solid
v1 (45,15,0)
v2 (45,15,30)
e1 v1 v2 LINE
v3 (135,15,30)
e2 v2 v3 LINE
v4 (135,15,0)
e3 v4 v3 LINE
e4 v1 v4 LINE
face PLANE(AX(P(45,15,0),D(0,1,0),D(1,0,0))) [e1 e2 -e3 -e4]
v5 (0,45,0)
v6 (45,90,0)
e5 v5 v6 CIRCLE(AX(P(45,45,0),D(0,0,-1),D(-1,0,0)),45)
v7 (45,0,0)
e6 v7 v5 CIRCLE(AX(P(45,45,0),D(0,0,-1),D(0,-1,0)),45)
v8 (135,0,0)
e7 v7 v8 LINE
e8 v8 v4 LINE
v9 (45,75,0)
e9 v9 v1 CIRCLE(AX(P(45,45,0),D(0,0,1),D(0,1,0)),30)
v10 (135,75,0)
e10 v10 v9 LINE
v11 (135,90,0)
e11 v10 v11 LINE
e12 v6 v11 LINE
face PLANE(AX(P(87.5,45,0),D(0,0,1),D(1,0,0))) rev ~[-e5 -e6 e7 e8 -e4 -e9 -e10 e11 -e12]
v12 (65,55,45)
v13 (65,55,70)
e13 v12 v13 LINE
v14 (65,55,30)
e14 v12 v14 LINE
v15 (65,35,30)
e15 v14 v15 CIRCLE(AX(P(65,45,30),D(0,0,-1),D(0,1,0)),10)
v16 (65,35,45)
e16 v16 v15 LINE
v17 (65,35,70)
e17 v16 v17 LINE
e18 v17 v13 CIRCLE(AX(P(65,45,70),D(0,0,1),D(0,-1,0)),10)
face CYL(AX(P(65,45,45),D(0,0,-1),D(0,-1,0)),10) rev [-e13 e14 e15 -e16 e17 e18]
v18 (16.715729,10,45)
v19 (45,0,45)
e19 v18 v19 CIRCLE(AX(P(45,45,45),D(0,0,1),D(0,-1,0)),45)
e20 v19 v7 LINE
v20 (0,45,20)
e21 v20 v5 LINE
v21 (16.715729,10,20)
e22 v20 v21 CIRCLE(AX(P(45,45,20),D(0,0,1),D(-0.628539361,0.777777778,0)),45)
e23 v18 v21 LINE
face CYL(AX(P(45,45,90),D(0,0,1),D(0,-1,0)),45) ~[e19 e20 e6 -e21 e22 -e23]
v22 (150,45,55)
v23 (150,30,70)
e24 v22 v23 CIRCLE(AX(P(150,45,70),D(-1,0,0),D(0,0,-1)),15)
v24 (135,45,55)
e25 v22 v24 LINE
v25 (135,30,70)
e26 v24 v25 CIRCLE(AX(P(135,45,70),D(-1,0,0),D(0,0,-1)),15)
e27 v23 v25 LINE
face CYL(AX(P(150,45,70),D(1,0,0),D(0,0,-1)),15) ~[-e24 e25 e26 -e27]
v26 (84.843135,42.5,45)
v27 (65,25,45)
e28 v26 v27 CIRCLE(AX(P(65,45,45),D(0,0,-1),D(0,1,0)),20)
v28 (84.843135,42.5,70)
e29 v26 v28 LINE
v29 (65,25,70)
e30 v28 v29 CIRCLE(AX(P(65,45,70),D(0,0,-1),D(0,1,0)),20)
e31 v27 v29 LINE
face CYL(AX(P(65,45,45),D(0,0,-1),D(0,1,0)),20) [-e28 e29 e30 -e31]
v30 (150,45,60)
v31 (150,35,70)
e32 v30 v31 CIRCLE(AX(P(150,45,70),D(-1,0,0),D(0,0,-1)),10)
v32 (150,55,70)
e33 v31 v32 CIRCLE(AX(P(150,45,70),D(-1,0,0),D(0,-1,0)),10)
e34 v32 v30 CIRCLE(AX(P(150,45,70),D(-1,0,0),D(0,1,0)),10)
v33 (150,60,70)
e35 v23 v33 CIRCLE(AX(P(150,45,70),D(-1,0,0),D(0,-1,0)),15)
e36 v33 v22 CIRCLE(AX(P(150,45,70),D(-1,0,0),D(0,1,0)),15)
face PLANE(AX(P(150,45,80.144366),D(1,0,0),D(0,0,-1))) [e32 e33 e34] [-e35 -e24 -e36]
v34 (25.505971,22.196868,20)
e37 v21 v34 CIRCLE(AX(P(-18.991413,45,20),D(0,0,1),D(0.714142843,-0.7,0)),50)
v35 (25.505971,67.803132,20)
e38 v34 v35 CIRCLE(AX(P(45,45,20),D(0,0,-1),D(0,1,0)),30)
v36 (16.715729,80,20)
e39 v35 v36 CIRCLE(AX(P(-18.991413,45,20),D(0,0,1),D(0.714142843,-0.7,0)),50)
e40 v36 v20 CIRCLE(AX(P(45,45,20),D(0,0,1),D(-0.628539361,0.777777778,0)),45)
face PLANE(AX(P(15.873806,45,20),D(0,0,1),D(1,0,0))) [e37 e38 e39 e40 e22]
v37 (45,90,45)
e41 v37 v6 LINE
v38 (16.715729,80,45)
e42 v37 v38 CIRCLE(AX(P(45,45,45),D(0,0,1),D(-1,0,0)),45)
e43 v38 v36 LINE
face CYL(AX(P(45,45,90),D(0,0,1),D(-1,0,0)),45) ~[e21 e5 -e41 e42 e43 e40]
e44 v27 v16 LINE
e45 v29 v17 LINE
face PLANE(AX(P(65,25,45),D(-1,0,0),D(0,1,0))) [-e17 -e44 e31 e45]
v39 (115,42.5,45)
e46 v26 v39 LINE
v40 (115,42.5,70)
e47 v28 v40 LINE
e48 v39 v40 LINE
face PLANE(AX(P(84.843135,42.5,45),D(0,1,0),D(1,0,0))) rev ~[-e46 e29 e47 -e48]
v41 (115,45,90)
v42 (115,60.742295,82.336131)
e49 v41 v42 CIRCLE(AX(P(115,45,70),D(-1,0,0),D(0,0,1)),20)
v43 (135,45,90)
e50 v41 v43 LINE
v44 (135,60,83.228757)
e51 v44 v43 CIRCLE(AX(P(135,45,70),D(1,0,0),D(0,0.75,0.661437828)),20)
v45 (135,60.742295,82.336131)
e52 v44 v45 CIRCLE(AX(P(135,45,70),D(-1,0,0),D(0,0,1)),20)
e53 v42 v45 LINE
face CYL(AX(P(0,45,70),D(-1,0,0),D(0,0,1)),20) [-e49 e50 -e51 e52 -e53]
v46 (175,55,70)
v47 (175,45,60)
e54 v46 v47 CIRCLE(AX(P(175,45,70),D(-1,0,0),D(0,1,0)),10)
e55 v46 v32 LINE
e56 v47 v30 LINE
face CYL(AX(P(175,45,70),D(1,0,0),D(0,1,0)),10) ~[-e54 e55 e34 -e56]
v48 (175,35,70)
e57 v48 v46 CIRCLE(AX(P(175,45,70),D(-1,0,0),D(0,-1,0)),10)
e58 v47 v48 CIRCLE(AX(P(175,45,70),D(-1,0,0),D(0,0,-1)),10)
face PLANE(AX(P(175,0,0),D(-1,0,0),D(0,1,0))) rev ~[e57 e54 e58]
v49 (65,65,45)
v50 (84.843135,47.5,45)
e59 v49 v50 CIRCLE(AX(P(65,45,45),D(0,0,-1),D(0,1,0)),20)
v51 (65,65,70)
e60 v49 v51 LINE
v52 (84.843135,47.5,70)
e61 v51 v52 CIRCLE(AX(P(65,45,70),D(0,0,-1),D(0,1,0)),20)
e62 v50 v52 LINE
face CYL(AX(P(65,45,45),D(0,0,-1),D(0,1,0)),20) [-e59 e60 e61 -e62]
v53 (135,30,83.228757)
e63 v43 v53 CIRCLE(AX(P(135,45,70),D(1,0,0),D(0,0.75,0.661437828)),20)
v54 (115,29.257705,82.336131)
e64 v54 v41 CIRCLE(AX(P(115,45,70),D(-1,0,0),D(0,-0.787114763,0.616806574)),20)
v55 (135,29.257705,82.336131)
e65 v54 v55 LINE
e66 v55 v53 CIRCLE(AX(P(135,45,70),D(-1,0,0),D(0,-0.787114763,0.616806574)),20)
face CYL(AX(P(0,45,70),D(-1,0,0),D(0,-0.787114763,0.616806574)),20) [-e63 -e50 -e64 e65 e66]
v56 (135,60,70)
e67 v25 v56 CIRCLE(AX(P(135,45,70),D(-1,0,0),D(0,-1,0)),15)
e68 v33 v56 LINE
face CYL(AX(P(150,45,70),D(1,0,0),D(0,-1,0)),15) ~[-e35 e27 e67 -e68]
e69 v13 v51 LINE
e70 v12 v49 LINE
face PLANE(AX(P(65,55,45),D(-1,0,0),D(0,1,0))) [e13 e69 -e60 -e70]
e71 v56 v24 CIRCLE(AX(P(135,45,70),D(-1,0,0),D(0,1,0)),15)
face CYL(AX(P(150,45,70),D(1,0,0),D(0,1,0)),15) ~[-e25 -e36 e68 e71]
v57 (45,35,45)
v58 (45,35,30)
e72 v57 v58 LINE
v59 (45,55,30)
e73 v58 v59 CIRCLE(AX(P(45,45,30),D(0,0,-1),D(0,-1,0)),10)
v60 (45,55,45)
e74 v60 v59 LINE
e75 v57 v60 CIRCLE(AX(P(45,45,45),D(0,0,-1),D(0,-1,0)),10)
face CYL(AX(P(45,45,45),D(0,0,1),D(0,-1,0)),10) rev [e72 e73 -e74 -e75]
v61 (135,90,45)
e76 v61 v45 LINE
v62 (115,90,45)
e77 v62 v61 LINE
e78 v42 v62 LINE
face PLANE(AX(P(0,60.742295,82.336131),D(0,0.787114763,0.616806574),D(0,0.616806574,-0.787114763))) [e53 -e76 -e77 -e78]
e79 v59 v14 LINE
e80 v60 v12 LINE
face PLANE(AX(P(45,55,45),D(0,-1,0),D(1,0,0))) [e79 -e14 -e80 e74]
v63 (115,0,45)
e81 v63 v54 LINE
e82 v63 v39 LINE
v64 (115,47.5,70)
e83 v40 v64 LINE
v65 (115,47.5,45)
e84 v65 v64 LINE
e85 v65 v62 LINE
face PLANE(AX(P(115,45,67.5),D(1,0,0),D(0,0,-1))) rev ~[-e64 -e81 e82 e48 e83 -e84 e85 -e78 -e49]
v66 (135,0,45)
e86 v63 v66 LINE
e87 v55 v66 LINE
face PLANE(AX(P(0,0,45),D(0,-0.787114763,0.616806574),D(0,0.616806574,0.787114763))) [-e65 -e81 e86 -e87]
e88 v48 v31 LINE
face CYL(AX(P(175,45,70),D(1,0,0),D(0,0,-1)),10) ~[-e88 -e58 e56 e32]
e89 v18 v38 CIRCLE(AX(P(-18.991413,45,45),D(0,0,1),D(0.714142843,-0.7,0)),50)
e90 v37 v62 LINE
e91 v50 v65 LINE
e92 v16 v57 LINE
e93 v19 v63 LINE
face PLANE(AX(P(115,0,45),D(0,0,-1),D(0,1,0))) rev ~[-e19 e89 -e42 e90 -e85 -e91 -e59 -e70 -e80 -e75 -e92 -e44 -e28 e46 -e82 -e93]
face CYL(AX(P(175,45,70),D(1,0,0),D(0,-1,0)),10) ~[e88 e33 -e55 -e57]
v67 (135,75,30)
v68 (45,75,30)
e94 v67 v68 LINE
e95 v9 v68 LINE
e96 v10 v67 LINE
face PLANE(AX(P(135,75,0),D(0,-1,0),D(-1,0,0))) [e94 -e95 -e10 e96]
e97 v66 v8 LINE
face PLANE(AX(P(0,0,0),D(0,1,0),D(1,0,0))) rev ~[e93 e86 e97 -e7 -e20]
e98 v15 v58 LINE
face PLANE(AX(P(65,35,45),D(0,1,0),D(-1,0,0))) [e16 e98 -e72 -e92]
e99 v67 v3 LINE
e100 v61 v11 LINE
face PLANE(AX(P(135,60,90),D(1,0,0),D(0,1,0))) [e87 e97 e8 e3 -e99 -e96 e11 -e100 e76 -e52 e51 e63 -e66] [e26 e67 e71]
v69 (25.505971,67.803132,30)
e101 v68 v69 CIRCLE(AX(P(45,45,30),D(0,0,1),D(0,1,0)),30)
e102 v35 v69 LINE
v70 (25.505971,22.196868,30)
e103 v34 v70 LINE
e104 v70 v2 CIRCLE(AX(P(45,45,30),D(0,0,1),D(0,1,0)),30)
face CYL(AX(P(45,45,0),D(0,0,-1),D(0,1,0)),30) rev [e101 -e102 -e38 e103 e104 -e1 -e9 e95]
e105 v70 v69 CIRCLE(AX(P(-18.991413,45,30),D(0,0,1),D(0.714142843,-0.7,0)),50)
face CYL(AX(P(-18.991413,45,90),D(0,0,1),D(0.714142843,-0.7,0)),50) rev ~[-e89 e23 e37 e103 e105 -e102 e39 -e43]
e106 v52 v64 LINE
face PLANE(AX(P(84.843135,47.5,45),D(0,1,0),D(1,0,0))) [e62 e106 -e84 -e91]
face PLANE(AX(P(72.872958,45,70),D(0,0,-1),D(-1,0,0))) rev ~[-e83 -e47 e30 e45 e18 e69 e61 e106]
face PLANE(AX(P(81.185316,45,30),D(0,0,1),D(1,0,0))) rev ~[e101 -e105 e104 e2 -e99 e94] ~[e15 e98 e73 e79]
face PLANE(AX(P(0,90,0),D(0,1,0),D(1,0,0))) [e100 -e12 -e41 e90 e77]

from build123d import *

# Parameters (mm, degrees)
SKETCH1_W           = 175
SKETCH1_H           = 90
BOSS_EXTRUDE1_DEPTH = 90
CUT_EXTRUDE1_DEPTH  = 90
SKETCH3_W           = 40
SKETCH3_H           = 30
CUT_EXTRUDE2_DEPTH  = 90
SKETCH4_W           = 25
SKETCH4_H           = 5
CUT_EXTRUDE3_DEPTH  = 90
CUT_EXTRUDE4_DEPTH  = 70
CUT_EXTRUDE5_DEPTH  = 308
CUT_EXTRUDE6_DEPTH  = 30
CUT_EXTRUDE7_DEPTH  = 25
CUT_EXTRUDE8_DEPTH  = 15
SKETCH10_W          = 45
SKETCH10_H          = 90
CUT_EXTRUDE9_DEPTH  = 154
BOSS_EXTRUDE2_DEPTH = 25
CUT_EXTRUDE10_DEPTH = 15
SKETCH13_W          = 30.156865167
SKETCH13_H          = 5
BOSS_EXTRUDE3_DEPTH = 25


with BuildPart() as part:
    # Sketch1 → Boss-Extrude1 (new body)
    with BuildSketch(Plane.XY):
        with Locations((87.5, 45)):
            Rectangle(SKETCH1_W, SKETCH1_H)
    extrude(amount=BOSS_EXTRUDE1_DEPTH)

    # Sketch2 → Cut-Extrude1 (cut)
    with BuildSketch(Plane.XY.offset(90)):
        with BuildLine():
            Line((45, 90), (0, 90))
            Line((0, 90), (0, 45))
            ThreePointArc((0, 45), (13.180194847, 76.819805153), (45, 90))
        make_face()
        with BuildLine():
            ThreePointArc((45, 0), (13.180194847, 13.180194847), (0, 45))
            Line((0, 45), (0, 0))
            Line((0, 0), (45, 0))
        make_face()
    extrude(amount=-CUT_EXTRUDE1_DEPTH, mode=Mode.SUBTRACT)

    # Sketch3 → Cut-Extrude2 (cut)
    with BuildSketch(Plane.XY.offset(90)):
        with Locations((155, 75)):
            Rectangle(SKETCH3_W, SKETCH3_H)
        with Locations((155, 15)):
            Rectangle(SKETCH3_W, SKETCH3_H)
    extrude(amount=-CUT_EXTRUDE2_DEPTH, mode=Mode.SUBTRACT)

    # Sketch4 → Cut-Extrude3 (cut)
    with BuildSketch(Plane.XY.offset(90)):
        with Locations((162.5, 57.5)):
            Rectangle(SKETCH4_W, SKETCH4_H)
        with Locations((162.5, 32.5)):
            Rectangle(SKETCH4_W, SKETCH4_H)
    extrude(amount=-CUT_EXTRUDE3_DEPTH, mode=Mode.SUBTRACT)

    # Sketch5 → Cut-Extrude4 (cut)
    with BuildSketch(Plane.XY.offset(90)):
        with BuildLine():
            ThreePointArc((16.715728753, 10), (31.00858661, 45), (16.715728753, 80))
            ThreePointArc((16.715728753, 80), (0, 45), (16.715728753, 10))
        make_face()
    extrude(amount=-CUT_EXTRUDE4_DEPTH, mode=Mode.SUBTRACT)

    # Sketch6 → Cut-Extrude5 (cut)
    with BuildSketch(Plane(origin=(0, 0, 0), x_dir=(0, 0, -1), z_dir=(1, 0, 0))):
        with BuildLine():
            Line((-82.336131476, 60.742295265), (-45, 90))
            Line((-45, 90), (-90, 90))
            Line((-90, 90), (-90, 45))
            ThreePointArc((-90, 45), (-87.982249992, 53.75435236), (-82.336131476, 60.742295265))
        make_face()
        with BuildLine():
            ThreePointArc((-82.336131476, 29.257704735), (-87.982249992, 36.24564764), (-90, 45))
            Line((-90, 45), (-90, 0))
            Line((-90, 0), (-45, 0))
            Line((-45, 0), (-82.336131476, 29.257704735))
        make_face()
    extrude(amount=CUT_EXTRUDE5_DEPTH, mode=Mode.SUBTRACT)

    # Sketch7 → Cut-Extrude6 (cut)
    with BuildSketch(Plane(origin=(0, 0, 0), x_dir=(-1, 0, 0), z_dir=(0, 0, -1))):
        with BuildLine():
            Line((-135, 75), (-45, 75))
            ThreePointArc((-45, 75), (-15, 45), (-45, 15))
            Line((-45, 15), (-135, 15))
            Line((-135, 15), (-135, 75))
        make_face()
    extrude(amount=-CUT_EXTRUDE6_DEPTH, mode=Mode.SUBTRACT)

    # Sketch8 → Cut-Extrude7 (cut)
    with BuildSketch(Plane(origin=(175, 0, 0), x_dir=(0, 0, -1), z_dir=(1, 0, 0))):
        with BuildLine():
            Line((-70, 55), (-87.320508076, 55))
            ThreePointArc((-87.320508076, 55), (-90, 45), (-87.320508076, 35))
            Line((-87.320508076, 35), (-70, 35))
            ThreePointArc((-70, 35), (-80, 45), (-70, 55))
        make_face()
        with BuildLine():
            Line((0, 55), (-70, 55))
            ThreePointArc((-70, 55), (-62.928932188, 52.071067812), (-60, 45))
            ThreePointArc((-60, 45), (-62.928932188, 37.928932188), (-70, 35))
            Line((-70, 35), (0, 35))
            Line((0, 35), (0, 55))
        make_face()
    extrude(amount=-CUT_EXTRUDE7_DEPTH, mode=Mode.SUBTRACT)

    # Sketch9 → Cut-Extrude8 (cut)
    with BuildSketch(Plane(origin=(150, 0, 0), x_dir=(0, 0, -1), z_dir=(1, 0, 0))):
        with BuildLine():
            Line((-70, 60), (-83.228756555, 60))
            ThreePointArc((-83.228756555, 60), (-90, 45), (-83.228756555, 30))
            Line((-83.228756555, 30), (-70, 30))
            ThreePointArc((-70, 30), (-85, 45), (-70, 60))
        make_face()
        with BuildLine():
            Line((0, 60), (-70, 60))
            ThreePointArc((-70, 60), (-59.393398282, 55.606601718), (-55, 45))
            ThreePointArc((-55, 45), (-59.393398282, 34.393398282), (-70, 30))
            Line((-70, 30), (0, 30))
            Line((0, 30), (0, 60))
        make_face()
    extrude(amount=-CUT_EXTRUDE8_DEPTH, mode=Mode.SUBTRACT)

    # Sketch10 → Cut-Extrude9 (cut)
    with BuildSketch(Plane(origin=(115, 0, 0), x_dir=(0, 0, -1), z_dir=(1, 0, 0))):
        with Locations((-67.5, 45)):
            Rectangle(SKETCH10_W, SKETCH10_H)
    extrude(amount=-CUT_EXTRUDE9_DEPTH, mode=Mode.SUBTRACT)

    # Sketch11 → Boss-Extrude2 (add)
    with BuildSketch(Plane.XY.offset(45)):
        with BuildLine():
            Line((65, 55), (65, 65))
            ThreePointArc((65, 65), (85, 45), (65, 25))
            Line((65, 25), (65, 35))
            ThreePointArc((65, 35), (75, 45), (65, 55))
        make_face()
    extrude(amount=BOSS_EXTRUDE2_DEPTH)

    # Sketch12 → Cut-Extrude10 (cut)
    with BuildSketch(Plane.XY.offset(45)):
        with BuildLine():
            Line((65, 35), (45, 35))
            ThreePointArc((45, 35), (35, 45), (45, 55))
            Line((45, 55), (65, 55))
            ThreePointArc((65, 55), (75, 45), (65, 35))
        make_face()
    extrude(amount=-CUT_EXTRUDE10_DEPTH, mode=Mode.SUBTRACT)

    # Sketch13 → Boss-Extrude3 (add)
    with BuildSketch(Plane.XY.offset(45)):
        with Locations((99.921567417, 45)):
            Rectangle(SKETCH13_W, SKETCH13_H)
    extrude(amount=BOSS_EXTRUDE3_DEPTH)


solid = part.part
